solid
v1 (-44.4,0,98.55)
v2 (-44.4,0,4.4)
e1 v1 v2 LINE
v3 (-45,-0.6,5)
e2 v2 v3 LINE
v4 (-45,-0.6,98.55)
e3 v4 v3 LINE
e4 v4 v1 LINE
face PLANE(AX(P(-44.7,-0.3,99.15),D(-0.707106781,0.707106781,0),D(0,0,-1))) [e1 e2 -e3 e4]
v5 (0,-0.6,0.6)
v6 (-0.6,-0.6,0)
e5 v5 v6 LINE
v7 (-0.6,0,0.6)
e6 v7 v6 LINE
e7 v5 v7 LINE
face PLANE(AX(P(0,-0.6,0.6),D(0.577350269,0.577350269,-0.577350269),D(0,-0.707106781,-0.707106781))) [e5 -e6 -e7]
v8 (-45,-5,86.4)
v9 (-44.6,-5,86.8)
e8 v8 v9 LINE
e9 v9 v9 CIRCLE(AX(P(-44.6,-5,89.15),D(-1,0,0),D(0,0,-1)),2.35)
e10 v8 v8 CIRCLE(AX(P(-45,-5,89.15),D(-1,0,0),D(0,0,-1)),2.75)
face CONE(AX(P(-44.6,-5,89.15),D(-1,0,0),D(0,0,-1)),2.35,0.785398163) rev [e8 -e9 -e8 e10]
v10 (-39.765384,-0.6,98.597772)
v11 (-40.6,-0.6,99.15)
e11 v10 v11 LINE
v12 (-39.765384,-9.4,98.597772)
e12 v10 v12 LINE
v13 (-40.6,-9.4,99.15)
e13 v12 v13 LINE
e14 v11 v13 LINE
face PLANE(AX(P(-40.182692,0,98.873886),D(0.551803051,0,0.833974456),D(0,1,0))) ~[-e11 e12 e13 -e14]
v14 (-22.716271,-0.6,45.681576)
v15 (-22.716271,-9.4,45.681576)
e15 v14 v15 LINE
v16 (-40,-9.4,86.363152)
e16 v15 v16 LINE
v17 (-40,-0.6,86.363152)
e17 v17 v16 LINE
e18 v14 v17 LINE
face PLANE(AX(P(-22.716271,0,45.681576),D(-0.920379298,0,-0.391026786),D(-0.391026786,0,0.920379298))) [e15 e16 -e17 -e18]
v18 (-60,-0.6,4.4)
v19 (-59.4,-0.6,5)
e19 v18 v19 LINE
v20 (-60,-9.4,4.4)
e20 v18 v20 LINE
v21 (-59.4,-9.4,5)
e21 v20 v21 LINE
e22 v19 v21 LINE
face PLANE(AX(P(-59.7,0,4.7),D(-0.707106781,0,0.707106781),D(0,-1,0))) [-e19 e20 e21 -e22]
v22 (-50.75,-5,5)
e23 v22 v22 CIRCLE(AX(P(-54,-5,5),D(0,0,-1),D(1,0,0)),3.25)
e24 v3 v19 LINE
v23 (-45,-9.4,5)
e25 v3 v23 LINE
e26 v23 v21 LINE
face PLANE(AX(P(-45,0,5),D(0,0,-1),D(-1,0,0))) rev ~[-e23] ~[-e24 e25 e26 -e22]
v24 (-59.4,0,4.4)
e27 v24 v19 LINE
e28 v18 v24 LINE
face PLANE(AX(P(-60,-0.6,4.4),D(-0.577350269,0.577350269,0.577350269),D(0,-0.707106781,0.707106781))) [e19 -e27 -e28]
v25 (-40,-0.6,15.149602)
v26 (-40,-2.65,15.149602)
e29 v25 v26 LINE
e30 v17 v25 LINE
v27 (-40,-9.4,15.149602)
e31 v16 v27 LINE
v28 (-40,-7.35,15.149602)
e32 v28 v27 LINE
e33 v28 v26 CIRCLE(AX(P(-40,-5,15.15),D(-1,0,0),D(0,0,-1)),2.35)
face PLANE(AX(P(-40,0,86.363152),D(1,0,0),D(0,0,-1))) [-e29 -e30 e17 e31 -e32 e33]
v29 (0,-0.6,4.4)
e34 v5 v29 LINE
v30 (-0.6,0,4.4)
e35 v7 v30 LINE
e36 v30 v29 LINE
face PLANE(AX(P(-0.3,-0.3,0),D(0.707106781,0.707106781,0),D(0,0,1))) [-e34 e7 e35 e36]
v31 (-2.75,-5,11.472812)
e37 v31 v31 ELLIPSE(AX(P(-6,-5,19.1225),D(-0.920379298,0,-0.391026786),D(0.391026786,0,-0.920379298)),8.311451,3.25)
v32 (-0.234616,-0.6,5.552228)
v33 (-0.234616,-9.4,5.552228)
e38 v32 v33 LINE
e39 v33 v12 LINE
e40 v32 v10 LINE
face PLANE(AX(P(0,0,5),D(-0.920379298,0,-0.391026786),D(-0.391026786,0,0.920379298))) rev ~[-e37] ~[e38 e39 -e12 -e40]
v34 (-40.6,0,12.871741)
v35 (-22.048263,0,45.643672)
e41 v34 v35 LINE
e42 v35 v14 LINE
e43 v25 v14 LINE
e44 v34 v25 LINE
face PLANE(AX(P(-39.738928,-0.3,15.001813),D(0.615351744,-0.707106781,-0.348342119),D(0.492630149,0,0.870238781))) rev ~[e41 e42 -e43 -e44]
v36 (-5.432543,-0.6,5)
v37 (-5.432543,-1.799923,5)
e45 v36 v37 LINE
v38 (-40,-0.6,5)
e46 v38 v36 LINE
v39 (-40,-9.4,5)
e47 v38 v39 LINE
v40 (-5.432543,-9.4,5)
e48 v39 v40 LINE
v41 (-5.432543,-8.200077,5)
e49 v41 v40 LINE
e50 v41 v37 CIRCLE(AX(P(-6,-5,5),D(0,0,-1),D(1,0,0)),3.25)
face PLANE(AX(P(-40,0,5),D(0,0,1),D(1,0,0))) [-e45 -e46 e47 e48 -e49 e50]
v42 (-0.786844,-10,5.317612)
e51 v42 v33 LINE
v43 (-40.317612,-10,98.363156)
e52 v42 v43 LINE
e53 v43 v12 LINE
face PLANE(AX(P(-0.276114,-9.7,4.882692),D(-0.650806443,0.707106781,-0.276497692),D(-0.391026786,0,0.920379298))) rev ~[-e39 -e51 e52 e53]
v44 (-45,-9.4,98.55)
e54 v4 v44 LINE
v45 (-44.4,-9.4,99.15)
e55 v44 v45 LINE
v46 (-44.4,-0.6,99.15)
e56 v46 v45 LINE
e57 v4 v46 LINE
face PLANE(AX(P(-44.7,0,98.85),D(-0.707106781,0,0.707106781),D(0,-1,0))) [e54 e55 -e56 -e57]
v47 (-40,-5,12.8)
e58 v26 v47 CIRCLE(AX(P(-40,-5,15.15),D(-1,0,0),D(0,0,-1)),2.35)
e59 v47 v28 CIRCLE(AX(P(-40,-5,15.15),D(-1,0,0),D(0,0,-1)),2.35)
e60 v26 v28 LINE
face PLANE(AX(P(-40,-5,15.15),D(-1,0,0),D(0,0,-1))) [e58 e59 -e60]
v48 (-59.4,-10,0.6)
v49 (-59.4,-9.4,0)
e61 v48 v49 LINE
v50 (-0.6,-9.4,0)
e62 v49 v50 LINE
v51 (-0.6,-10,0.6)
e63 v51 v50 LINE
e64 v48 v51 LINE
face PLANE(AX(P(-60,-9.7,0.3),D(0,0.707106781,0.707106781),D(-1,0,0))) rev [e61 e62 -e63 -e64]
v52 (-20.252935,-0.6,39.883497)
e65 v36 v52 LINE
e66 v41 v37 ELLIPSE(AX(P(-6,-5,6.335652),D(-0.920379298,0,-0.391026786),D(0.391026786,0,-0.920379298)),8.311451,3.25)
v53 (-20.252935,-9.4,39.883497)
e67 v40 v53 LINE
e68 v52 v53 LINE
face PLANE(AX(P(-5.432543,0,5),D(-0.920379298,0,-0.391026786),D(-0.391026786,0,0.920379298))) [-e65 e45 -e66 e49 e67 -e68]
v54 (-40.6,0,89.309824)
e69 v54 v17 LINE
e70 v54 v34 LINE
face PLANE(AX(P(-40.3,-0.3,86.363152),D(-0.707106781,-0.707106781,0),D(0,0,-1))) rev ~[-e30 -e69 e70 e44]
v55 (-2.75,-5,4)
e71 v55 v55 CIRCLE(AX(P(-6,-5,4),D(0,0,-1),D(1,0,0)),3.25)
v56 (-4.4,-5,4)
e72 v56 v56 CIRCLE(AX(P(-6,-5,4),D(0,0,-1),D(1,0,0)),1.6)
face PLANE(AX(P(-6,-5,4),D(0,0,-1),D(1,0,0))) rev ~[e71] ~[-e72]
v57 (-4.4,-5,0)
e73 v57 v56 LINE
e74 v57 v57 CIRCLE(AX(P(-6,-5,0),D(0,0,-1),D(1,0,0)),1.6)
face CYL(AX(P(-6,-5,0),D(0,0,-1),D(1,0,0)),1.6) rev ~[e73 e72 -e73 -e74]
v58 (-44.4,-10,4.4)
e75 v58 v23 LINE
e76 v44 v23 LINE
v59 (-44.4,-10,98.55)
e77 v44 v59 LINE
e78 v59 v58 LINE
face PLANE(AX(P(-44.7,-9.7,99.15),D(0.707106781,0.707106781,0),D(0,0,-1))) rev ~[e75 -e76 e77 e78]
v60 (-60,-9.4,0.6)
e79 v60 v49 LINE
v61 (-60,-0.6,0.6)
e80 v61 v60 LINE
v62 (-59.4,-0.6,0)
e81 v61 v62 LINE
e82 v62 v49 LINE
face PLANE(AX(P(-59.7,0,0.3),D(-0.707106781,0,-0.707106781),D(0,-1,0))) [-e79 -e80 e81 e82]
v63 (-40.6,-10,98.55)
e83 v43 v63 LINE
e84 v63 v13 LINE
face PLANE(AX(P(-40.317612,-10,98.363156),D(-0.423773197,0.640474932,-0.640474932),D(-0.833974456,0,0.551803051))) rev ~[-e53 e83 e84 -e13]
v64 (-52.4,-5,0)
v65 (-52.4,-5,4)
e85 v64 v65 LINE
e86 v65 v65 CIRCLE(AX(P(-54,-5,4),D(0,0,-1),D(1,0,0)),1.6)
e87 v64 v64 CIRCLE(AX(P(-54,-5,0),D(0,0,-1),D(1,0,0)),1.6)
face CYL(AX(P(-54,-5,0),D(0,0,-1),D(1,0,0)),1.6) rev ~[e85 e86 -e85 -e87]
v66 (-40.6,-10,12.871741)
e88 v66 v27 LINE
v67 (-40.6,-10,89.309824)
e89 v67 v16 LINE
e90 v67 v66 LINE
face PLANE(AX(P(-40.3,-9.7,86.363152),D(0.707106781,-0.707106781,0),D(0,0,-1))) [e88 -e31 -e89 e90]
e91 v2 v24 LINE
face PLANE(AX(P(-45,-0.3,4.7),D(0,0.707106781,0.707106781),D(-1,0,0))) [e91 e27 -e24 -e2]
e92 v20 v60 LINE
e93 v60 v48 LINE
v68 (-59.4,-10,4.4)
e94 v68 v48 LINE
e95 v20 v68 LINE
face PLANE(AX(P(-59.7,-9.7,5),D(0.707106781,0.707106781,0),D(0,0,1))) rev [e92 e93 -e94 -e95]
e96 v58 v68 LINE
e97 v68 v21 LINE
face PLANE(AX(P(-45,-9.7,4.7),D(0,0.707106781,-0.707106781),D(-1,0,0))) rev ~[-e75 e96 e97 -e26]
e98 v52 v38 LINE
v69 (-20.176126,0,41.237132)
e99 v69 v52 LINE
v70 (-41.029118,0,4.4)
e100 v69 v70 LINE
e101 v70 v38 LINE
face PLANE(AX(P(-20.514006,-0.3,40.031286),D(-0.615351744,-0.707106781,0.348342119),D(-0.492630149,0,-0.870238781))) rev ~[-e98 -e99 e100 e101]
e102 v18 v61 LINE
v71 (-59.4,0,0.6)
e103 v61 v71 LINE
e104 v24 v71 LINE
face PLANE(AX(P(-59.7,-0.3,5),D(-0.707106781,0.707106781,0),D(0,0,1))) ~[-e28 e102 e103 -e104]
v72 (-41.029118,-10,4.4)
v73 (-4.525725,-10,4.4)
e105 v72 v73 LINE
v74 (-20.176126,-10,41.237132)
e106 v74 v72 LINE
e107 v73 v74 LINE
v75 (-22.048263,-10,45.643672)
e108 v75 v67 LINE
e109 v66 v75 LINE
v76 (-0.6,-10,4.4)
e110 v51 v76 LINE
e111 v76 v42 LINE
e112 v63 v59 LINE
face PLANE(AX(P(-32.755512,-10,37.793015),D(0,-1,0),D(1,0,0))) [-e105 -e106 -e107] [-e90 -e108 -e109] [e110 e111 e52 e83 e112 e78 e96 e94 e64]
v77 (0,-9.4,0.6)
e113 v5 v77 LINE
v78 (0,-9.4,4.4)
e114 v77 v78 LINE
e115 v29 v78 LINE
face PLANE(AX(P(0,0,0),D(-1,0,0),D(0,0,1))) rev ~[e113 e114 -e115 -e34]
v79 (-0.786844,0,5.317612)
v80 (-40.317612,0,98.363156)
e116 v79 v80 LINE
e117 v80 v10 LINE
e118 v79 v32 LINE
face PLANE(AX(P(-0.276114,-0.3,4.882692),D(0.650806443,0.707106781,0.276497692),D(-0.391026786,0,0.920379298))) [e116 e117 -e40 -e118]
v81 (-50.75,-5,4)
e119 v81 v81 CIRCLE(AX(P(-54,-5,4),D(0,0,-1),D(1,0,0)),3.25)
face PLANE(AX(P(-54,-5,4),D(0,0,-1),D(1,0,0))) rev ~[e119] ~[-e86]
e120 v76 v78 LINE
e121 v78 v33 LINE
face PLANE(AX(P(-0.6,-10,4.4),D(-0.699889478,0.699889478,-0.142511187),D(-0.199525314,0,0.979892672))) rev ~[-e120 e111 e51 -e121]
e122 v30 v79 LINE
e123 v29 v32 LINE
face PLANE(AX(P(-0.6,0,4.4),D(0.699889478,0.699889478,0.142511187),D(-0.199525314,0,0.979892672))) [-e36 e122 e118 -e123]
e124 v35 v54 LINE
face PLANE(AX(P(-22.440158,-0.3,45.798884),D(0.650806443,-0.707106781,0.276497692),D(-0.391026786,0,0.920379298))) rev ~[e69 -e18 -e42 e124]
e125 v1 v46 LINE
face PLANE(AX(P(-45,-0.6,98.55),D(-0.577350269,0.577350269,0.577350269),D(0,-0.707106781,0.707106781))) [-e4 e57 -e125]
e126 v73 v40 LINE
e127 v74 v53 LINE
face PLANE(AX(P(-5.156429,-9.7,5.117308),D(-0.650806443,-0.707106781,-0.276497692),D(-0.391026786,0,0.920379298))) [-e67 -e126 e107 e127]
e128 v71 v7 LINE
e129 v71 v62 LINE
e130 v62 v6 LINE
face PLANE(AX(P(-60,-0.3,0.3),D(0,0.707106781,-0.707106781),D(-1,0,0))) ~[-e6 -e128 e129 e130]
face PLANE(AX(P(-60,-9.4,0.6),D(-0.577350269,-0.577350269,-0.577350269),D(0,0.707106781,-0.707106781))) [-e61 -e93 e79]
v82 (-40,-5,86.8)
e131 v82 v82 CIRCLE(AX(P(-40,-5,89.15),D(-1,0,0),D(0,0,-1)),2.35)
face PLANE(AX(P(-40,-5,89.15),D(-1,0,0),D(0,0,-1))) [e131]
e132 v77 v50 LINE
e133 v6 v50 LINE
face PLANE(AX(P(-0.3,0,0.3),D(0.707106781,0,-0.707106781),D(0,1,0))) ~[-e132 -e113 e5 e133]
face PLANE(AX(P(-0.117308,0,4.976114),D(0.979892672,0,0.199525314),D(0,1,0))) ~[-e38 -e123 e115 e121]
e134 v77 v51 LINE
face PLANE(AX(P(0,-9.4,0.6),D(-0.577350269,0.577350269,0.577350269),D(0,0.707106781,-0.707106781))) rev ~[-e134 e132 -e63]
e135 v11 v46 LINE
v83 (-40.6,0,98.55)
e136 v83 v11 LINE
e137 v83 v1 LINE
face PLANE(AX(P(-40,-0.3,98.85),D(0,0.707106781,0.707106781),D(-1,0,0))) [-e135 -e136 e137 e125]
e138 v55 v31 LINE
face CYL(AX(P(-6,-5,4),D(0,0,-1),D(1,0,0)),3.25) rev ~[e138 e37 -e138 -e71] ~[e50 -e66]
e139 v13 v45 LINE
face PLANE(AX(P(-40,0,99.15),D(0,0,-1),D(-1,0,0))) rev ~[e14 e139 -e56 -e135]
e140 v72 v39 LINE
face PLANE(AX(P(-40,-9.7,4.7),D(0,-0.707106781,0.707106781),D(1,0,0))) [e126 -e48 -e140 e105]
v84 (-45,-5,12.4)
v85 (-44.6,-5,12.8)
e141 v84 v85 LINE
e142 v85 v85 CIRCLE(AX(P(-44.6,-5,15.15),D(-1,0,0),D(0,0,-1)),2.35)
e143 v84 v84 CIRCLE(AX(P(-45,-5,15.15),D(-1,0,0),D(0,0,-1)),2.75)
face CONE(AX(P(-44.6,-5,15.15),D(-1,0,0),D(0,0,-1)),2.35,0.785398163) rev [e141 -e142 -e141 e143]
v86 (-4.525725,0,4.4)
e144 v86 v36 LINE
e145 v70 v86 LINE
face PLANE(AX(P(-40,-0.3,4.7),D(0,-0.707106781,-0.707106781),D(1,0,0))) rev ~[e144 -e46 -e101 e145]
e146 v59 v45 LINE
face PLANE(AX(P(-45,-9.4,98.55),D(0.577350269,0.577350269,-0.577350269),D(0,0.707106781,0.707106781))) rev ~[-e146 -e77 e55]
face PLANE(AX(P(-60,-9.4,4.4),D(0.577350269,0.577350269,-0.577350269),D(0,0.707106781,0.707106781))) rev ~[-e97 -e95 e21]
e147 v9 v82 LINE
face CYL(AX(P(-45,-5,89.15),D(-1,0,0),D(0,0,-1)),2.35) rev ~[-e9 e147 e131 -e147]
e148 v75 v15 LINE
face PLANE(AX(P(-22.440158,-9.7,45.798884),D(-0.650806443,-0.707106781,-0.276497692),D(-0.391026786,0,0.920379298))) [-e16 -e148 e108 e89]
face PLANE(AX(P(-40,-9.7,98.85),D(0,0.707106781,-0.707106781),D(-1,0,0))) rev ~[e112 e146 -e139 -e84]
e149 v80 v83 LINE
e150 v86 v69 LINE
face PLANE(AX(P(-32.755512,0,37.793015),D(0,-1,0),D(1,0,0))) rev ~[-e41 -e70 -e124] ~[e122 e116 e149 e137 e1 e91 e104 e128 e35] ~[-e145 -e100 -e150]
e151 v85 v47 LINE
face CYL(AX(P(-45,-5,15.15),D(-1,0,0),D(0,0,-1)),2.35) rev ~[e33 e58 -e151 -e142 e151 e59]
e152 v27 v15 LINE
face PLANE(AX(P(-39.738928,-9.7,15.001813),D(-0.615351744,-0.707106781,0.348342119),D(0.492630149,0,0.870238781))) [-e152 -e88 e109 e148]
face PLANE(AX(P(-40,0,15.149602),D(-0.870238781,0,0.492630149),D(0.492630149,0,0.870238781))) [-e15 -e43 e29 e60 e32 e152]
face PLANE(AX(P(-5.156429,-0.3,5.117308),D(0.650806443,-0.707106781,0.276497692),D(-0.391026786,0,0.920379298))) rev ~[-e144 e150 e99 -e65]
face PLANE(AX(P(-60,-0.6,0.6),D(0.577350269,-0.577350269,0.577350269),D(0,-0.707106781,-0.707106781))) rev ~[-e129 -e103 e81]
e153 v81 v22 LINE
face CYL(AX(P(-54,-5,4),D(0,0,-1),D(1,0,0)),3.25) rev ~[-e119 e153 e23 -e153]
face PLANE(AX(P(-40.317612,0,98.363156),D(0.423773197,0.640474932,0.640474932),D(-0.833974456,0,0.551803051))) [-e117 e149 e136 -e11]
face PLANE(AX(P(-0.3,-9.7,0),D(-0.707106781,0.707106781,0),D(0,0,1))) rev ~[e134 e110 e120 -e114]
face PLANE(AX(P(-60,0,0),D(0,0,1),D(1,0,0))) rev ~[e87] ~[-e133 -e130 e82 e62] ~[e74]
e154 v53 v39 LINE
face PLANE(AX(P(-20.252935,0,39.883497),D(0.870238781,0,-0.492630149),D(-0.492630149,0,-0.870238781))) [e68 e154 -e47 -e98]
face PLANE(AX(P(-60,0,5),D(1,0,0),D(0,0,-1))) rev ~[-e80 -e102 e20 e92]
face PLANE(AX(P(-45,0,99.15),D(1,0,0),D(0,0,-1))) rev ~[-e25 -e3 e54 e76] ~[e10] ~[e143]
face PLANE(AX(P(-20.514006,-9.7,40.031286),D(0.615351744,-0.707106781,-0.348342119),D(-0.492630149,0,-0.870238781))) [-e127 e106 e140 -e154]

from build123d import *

# Parameters (mm, degrees)
PAD009_DEPTH    = 10
SKETCH021_R     = 2.35
POCKET008_DEPTH = 5
SKETCH022_R     = 1.6
POCKET009_DEPTH = 99.151
SKETCH023_R     = 3.25
POCKET010_DEPTH = 95.151
CHAMFER007_SIZE = 0.6
CHAMFER008_SIZE = 0.4


with BuildPart() as part:
    # Sketch020 → Pad009 (new body)
    with BuildSketch(Plane.XZ):
        Polygon((-60, 0), (0, 0), (0, 5), (-40, 99.15), (-45, 99.15), (-45, 5), (-60, 5), align=None)
        Polygon((-40, 5), (-5.4325428768, 5), (-20.2529345059, 39.8834967971), align=None, mode=Mode.SUBTRACT)
        Polygon((-40, 15.1496021181), (-22.7162714384, 45.6815761019), (-40, 86.3631522038), align=None, mode=Mode.SUBTRACT)
    extrude(amount=PAD009_DEPTH)

    # Sketch021 (on Face5 of Pad009) → Pocket008 (cut)
    with BuildSketch(Plane(origin=(-45, 0, 0), x_dir=(0, 0, -1), z_dir=(-1, 0, 0))):
        with Locations((-89.15, 5)):
            Circle(SKETCH021_R)
        with Locations((-15.15, 5)):
            Circle(SKETCH021_R)
    extrude(amount=-POCKET008_DEPTH, mode=Mode.SUBTRACT)

    # Sketch022 (on Face1 of Pocket008) → Pocket009 (cut, through all)
    with BuildSketch(Plane(origin=(0, 0, 0), x_dir=(1, 0, 0), z_dir=(0, 0, -1))):
        with Locations((-54, 5)):
            Circle(SKETCH022_R)
        with Locations((-6, 5)):
            Circle(SKETCH022_R)
    extrude(amount=-POCKET009_DEPTH, mode=Mode.SUBTRACT)

    # Sketch023 (on Sketch) → Pocket010 (cut, through all)
    with BuildSketch(Plane(origin=(0, 0, 4), x_dir=(1, 0, 0), z_dir=(0, 0, -1))):
        with Locations((-54, 5)):
            Circle(SKETCH023_R)
        with Locations((-6, 5)):
            Circle(SKETCH023_R)
    extrude(amount=-POCKET010_DEPTH, mode=Mode.SUBTRACT)

    # Chamfer007
    chamfer007_edges = [part.edges().sort_by_distance(p)[0] for p in [
        (-30, 0, 0),
        (0, 0, 2.5),
        (-20, 0, 52.075),
        (-42.5, 0, 99.15),
        (-45, 0, 52.075),
        (-52.5, 0, 5),
        (-60, 0, 2.5),
        (-31.358136, 0, 30.415589),
        (-31.358136, 0, 66.022364),
        (-40, 0, 50.756377),
        (-22.716271, 0, 5),
        (-12.842739, 0, 22.441748),
        (-30.126467, 0, 22.441748),
        (-30, -10, 0),
        (0, -10, 2.5),
        (-20, -10, 52.075),
        (-42.5, -10, 99.15),
        (-45, -10, 52.075),
        (-52.5, -10, 5),
        (-60, -10, 2.5),
        (-31.358136, -10, 30.415589),
        (-31.358136, -10, 66.022364),
        (-40, -10, 50.756377),
        (-22.716271, -10, 5),
        (-12.842739, -10, 22.441748),
        (-30.126467, -10, 22.441748),
        (-40, -5, 99.15),
        (-45, -5, 99.15),
        (-60, -5, 5),
        (-60, -5, 0),
        (0, -5, 0),
        (0, -5, 5),
    ]]
    chamfer(chamfer007_edges, length=CHAMFER007_SIZE)

    # Chamfer008
    chamfer008_edges = [part.edges().sort_by_distance(p)[0] for p in [
        (-45, -5, 91.5),
        (-45, -5, 17.5),
    ]]
    chamfer(chamfer008_edges, length=CHAMFER008_SIZE)


solid = part.part
